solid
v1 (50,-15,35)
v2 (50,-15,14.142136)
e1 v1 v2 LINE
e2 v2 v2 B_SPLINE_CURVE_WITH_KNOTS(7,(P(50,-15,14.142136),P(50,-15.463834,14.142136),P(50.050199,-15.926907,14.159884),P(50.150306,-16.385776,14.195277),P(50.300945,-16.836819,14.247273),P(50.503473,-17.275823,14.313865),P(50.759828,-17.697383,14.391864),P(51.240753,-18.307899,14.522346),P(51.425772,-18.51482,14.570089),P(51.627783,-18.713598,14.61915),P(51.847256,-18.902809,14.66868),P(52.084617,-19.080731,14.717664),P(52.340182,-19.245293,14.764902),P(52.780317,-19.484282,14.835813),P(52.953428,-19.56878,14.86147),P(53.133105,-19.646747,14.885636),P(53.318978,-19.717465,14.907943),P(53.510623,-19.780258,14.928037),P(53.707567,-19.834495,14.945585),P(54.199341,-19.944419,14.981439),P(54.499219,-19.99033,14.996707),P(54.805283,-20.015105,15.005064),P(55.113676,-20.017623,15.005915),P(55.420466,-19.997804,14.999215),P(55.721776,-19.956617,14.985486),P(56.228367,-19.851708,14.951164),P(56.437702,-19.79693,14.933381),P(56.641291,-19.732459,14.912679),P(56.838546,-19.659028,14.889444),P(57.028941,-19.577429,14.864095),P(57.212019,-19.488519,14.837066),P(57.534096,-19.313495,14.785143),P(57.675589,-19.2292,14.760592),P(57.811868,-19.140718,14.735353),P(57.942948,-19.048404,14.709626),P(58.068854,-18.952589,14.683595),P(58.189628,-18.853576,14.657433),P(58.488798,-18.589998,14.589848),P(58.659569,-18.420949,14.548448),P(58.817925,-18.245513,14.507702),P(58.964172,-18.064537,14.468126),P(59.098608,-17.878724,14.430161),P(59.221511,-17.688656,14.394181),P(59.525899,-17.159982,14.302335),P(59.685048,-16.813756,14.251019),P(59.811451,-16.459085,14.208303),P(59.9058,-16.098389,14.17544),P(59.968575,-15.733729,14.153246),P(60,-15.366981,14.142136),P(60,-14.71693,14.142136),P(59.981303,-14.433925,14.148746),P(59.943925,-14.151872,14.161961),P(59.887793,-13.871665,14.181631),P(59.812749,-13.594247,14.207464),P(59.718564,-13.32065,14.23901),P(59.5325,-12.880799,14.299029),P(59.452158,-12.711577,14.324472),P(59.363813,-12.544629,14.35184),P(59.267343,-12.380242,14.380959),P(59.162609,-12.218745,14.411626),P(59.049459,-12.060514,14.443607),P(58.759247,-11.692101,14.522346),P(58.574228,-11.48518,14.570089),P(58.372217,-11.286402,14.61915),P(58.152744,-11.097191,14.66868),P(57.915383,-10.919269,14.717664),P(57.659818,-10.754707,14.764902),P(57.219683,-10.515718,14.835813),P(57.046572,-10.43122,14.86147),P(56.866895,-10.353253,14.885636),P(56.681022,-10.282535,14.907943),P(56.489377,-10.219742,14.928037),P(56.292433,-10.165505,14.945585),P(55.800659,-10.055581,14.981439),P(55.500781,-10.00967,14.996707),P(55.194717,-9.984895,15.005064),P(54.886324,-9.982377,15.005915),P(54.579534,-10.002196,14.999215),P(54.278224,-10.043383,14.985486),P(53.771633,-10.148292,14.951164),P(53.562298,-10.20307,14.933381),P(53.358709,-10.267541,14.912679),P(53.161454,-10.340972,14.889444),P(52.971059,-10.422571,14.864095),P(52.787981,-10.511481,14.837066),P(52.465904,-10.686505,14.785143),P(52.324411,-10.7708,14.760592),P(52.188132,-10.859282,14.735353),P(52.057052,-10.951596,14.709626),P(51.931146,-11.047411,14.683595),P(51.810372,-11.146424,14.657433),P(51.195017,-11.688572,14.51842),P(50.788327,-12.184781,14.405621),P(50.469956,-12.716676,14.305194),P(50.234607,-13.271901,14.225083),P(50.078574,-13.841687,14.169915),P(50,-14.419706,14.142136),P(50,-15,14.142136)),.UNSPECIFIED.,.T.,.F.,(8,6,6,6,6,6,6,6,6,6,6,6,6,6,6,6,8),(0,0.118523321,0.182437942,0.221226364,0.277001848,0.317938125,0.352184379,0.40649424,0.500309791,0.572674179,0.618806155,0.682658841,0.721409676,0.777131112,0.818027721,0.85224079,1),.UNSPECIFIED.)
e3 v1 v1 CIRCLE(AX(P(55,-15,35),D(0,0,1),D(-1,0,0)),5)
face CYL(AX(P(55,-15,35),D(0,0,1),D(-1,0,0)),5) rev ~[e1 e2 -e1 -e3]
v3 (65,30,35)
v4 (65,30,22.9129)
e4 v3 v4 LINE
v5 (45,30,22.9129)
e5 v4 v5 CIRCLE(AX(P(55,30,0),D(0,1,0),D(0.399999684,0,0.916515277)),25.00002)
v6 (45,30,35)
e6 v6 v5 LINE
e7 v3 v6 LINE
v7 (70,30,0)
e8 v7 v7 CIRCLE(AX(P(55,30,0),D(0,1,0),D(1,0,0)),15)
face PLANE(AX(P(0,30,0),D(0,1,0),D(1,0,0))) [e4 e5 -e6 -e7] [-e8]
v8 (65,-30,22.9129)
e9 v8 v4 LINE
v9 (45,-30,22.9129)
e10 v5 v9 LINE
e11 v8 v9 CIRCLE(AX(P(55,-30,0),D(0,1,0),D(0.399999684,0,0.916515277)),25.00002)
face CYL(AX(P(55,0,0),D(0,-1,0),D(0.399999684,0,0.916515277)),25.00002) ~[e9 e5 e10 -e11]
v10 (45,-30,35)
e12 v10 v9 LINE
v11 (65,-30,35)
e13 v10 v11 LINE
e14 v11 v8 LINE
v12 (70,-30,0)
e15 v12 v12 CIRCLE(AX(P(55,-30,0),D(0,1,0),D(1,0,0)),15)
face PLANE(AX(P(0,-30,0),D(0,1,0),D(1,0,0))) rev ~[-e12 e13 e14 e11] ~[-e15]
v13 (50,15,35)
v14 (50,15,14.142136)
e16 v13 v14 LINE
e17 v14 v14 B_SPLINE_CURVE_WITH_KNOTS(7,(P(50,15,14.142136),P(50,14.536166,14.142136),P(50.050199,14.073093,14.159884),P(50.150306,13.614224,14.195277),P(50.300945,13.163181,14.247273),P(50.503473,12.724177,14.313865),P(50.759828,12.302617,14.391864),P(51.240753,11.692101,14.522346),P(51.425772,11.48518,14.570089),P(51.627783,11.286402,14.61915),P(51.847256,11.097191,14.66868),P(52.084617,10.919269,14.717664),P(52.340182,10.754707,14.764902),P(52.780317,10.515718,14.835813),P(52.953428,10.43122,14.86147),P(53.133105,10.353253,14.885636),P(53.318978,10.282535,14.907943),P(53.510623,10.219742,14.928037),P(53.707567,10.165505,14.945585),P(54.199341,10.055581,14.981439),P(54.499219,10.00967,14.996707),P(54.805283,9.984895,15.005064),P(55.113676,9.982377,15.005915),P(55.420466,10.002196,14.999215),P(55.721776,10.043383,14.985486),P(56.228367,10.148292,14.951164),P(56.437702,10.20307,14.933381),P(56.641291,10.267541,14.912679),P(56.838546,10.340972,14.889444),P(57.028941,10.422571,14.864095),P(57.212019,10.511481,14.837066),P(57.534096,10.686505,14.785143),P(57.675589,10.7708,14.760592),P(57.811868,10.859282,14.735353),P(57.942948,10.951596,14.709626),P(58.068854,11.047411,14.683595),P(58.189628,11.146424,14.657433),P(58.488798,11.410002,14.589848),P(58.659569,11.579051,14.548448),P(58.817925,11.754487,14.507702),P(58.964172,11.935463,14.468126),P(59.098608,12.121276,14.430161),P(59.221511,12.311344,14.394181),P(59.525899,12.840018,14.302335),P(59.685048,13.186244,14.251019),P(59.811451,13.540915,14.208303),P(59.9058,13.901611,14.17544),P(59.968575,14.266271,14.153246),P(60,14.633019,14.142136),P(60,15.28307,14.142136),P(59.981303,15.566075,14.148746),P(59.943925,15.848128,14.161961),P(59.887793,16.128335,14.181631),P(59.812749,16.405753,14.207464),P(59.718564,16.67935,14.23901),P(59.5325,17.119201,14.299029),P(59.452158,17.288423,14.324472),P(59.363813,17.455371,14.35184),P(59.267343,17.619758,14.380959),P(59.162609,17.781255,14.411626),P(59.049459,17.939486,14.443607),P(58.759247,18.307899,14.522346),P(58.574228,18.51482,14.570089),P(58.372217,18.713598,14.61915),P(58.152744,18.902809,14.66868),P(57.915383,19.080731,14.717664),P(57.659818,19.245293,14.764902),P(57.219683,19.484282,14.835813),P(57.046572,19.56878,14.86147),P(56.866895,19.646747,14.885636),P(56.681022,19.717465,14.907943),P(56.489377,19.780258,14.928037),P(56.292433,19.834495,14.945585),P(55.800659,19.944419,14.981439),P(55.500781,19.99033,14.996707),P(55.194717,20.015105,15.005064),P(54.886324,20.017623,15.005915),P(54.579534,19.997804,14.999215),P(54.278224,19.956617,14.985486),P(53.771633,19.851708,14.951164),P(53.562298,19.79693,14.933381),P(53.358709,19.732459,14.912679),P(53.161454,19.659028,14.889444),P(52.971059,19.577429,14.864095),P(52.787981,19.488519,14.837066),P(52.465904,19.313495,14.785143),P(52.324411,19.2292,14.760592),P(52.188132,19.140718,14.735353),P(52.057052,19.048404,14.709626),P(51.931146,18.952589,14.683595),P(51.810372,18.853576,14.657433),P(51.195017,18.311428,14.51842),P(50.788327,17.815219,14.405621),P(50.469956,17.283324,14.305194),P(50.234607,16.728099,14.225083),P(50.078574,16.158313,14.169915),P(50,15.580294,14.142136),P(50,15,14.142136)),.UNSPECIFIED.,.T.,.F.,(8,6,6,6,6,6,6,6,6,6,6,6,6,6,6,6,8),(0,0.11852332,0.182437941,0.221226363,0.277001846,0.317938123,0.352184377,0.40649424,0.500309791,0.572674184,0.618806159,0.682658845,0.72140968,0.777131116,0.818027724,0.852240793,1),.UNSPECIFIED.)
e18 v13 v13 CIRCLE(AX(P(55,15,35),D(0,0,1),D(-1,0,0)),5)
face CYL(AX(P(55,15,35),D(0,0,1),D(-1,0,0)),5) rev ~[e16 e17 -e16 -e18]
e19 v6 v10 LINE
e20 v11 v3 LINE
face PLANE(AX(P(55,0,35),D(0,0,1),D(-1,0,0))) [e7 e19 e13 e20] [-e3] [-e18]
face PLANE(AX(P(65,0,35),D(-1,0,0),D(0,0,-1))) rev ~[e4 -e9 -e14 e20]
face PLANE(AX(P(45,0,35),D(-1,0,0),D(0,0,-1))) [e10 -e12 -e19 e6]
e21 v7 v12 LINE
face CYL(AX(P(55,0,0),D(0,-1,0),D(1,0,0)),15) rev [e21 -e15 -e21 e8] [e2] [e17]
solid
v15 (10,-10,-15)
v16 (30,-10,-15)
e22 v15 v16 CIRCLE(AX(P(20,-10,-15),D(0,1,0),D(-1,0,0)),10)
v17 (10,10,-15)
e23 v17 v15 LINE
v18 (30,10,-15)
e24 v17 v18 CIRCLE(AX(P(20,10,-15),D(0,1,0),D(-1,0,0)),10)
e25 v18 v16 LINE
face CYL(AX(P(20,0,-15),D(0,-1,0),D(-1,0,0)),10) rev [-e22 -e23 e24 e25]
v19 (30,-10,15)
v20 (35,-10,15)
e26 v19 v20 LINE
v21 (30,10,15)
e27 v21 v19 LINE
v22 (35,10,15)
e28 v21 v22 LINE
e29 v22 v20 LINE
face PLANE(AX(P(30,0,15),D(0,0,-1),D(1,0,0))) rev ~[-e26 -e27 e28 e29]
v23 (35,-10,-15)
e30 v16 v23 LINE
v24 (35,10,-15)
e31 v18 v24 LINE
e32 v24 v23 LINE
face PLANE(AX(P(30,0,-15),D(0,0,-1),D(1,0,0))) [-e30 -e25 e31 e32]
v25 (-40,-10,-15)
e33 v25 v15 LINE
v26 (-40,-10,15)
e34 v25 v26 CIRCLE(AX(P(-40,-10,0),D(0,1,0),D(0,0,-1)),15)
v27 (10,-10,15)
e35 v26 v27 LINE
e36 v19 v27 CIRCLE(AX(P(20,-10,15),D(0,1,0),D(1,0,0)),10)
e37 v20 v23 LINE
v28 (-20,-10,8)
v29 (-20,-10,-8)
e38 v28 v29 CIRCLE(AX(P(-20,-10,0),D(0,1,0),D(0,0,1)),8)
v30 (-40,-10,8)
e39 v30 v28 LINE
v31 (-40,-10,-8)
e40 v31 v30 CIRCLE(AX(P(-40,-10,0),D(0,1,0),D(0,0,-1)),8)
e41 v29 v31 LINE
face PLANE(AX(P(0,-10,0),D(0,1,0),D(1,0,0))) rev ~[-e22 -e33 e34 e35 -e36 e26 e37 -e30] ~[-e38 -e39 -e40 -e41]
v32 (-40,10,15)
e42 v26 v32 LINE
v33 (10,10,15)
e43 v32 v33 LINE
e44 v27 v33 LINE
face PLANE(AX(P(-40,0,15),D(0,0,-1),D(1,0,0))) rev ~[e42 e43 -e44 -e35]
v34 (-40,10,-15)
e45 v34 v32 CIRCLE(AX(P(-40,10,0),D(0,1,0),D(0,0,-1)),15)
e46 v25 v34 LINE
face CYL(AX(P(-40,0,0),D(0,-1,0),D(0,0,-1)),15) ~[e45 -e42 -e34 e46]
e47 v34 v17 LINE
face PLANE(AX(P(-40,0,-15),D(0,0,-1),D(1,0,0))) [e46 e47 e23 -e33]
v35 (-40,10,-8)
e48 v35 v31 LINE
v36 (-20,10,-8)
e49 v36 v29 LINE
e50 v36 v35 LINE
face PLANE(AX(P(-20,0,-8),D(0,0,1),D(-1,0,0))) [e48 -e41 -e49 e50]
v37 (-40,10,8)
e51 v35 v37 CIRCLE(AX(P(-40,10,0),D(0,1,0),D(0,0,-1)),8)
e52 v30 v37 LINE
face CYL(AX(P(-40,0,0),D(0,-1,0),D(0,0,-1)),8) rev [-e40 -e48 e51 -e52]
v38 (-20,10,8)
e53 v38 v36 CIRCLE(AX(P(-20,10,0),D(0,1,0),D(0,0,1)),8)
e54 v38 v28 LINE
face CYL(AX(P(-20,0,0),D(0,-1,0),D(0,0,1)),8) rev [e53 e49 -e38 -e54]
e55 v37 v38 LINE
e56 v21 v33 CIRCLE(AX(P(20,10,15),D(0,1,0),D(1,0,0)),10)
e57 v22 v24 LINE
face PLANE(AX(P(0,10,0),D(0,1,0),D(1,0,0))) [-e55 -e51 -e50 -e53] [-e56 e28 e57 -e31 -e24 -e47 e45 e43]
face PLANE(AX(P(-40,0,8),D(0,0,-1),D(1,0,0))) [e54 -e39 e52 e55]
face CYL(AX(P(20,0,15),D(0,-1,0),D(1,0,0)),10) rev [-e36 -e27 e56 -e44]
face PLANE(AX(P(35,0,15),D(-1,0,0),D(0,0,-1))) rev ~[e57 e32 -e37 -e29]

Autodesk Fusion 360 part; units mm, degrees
sketch "Sketch1" plane through (0, 0, 0) normal (0, 1, 0) x (1, 0, 0)
  arc A0 (-40, 15) -> (-40, -15) centre (-40, 0) ccw
  line L0 (35, -15) -> (35, 15)
  line L1 (-40, -8) -> (-20, -8)
  arc A1 (-20, -8) -> (-20, 8) centre (-20, 0) ccw
  line L2 (-20, 8) -> (-40, 8)
  arc A2 (-40, 8) -> (-40, -8) centre (-40, 0) ccw
  line L3 (-40, 0) -> (-20, 0) construction
  line L4 (-40, -15) -> (10, -15)
  line L5 (30, -15) -> (35, -15)
  arc A3 (30, -15) -> (10, -15) centre (20, -15) ccw
  line L6 (-40, 15) -> (10, 15)
  line L7 (30, 15) -> (35, 15)
  arc A4 (10, 15) -> (30, 15) centre (20, 15) ccw
  dimension "d1" = 30
  dimension "d2" = 75
  dimension "d3" = 75
  dimension "d4" = 20
  dimension "d5" = 16
  dimension "d7" = 20
  dimension "d8" = 20
extrude "Extrude1" add sketch "Sketch1" along normal mid plane 20 makes body 1
sketch "Sketch2" plane through (0, 0, 0) normal (0, 1, 0) x (1, 0, 0)
  circle A0 centre (55, 0) radius 15
  line L0 (55, -35) -> (45, -35)
  line L1 (55, -35) -> (65, -35)
  line L2 (45, -35) -> (45, -22.9129)
  line L3 (65, -35) -> (65, -22.9129)
  arc A1 (65, -22.9129) -> (45, -22.9129) centre (55, 0) ccw
  dimension "d13" = 30
  dimension "d14" = 35
extrude "Extrude2" add sketch "Sketch2" along normal mid plane 60 separate body makes body 2
sketch "Sketch3" plane through (0, 0, 35) normal (0, 0, 1) x (-1, 0, 0)
  line L0 (-65, 30) -> (-65, -30)
  line L1 (-65, -30) -> (-45, -30)
  line L2 (-45, -30) -> (-45, 30)
  line L3 (-45, 30) -> (-65, 30)
  circle A0 centre (-55, -15) radius 5
  circle A1 centre (-55, 15) radius 5
  dimension "d17" = 10
  dimension "d18" = 10
extrude "Extrude3" cut sketch "Sketch3" against normal blind 25 contours A0 | A1 bodies 2
